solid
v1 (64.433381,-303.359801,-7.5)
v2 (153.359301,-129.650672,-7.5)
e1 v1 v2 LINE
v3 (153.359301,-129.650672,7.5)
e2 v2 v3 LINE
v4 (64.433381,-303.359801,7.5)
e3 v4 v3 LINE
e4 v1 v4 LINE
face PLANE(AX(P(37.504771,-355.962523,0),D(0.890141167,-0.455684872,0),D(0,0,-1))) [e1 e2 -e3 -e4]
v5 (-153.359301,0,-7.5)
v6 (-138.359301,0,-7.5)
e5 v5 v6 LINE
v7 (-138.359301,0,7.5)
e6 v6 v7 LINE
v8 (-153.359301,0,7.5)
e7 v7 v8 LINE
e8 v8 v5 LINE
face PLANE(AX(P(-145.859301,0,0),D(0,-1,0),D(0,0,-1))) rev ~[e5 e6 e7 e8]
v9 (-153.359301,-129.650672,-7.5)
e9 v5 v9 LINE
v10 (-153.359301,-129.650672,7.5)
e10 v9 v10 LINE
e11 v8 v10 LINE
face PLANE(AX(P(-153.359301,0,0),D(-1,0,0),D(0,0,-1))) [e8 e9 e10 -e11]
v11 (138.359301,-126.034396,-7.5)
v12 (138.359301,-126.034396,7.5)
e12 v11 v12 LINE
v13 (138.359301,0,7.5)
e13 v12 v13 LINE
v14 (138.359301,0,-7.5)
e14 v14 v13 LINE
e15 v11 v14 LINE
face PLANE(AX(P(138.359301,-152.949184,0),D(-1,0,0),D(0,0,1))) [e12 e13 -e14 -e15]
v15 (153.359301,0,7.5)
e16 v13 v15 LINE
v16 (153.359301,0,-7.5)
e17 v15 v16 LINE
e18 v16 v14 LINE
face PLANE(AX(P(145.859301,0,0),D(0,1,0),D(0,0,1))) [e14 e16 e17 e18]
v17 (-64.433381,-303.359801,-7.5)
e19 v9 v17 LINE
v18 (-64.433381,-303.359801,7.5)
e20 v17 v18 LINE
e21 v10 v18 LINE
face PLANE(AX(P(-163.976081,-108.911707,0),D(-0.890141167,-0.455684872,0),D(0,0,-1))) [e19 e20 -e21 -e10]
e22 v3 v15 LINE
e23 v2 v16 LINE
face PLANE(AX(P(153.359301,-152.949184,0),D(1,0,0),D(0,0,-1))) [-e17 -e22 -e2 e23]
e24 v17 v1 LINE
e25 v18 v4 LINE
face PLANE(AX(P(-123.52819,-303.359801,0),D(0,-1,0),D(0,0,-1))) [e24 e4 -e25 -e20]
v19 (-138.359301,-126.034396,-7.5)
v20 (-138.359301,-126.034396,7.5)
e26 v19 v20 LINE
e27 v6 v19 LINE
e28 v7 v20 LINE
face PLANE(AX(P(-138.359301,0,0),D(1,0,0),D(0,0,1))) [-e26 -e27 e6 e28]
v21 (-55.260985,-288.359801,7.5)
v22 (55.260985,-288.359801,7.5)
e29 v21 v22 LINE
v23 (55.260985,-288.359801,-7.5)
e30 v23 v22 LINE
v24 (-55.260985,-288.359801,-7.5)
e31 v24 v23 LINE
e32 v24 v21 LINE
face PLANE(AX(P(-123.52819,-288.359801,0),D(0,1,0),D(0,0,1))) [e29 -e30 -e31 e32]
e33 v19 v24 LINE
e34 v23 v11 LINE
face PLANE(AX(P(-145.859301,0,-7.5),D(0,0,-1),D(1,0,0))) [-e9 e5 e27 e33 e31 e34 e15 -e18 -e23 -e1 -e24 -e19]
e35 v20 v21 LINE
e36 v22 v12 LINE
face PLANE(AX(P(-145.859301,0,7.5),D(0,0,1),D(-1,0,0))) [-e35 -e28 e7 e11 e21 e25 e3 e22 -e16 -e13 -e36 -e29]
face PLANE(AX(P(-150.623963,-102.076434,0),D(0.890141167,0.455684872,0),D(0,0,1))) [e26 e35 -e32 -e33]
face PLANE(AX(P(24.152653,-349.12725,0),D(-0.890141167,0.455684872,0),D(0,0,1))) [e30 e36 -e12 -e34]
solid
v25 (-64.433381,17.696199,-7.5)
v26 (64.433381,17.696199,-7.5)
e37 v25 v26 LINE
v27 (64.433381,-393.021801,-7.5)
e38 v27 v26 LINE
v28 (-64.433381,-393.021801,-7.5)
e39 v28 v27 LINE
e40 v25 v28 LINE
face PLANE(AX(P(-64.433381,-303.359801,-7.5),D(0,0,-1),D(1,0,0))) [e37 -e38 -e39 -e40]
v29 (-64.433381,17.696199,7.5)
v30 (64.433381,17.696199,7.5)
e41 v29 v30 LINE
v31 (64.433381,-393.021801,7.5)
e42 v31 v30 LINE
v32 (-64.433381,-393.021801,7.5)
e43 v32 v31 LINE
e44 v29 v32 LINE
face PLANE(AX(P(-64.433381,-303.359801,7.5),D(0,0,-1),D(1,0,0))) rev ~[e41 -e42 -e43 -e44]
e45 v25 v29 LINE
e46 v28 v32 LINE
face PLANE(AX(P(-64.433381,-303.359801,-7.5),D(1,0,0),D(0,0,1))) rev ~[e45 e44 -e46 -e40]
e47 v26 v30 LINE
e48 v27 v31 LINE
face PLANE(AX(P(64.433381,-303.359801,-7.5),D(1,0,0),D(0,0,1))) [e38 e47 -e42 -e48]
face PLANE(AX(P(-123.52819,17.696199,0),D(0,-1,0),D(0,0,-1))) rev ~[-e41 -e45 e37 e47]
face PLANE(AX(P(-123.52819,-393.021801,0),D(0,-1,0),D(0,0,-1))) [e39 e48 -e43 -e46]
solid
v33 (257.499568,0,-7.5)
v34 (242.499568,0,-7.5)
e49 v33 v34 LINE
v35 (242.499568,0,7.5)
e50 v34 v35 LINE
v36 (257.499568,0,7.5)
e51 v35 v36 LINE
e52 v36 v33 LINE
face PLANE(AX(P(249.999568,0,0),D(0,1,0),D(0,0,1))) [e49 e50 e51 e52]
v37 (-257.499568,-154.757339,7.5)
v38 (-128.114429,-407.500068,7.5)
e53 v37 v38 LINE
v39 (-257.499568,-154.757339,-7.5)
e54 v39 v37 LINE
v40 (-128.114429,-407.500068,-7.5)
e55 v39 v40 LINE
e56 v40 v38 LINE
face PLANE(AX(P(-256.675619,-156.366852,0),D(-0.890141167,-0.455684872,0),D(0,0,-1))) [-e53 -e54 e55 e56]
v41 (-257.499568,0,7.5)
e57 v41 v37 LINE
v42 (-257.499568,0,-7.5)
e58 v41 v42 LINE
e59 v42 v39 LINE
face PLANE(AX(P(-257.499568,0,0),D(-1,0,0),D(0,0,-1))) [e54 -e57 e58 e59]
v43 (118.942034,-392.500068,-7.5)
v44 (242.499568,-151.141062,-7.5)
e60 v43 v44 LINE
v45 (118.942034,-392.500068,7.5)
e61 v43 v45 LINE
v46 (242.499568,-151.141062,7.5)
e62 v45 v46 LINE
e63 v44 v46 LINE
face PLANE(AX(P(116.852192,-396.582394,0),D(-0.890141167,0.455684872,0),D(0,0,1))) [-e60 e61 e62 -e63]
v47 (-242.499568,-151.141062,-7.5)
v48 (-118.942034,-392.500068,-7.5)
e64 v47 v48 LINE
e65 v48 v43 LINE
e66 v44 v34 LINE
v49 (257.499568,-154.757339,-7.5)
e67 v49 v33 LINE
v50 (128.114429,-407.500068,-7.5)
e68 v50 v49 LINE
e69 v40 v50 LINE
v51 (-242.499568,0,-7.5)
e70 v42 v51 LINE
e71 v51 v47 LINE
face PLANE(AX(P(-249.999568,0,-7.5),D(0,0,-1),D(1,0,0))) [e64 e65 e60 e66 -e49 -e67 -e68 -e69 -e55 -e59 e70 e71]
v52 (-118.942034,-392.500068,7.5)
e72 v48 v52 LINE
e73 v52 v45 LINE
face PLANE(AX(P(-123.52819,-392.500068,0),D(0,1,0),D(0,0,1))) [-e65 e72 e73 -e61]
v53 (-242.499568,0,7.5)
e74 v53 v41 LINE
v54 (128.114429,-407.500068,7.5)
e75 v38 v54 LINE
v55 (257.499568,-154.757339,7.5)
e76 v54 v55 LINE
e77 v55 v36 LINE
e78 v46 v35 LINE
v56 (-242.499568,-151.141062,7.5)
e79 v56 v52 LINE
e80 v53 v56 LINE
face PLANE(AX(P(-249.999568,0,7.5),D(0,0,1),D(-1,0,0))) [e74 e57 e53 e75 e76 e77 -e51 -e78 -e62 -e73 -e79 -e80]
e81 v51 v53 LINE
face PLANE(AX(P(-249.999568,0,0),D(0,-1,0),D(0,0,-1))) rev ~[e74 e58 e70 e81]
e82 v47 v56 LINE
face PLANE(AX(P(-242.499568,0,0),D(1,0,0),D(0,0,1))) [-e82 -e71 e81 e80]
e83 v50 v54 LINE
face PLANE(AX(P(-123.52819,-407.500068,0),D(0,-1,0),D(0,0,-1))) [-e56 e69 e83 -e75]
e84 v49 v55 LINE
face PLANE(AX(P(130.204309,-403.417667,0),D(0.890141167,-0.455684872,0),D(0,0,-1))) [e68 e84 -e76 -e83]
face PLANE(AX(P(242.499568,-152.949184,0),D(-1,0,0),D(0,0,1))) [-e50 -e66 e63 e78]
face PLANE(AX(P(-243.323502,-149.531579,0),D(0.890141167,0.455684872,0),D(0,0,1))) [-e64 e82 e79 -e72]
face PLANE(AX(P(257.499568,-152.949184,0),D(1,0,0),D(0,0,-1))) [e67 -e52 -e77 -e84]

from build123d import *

# Parameters (mm, degrees)
F1_W          = 15
F1_H          = 15
F3_DEPTH      = 89.662
F3_DEPTH_BACK = 321.056


with BuildPart() as f2:
    # F2: sweep along a path in F0
    with BuildLine(Plane.XY) as f2_path:
        Line((-249.9995, 0), (-249.9995, -152.9491841793))
        Line((-249.9995, -152.9491841793), (-123.5281899571, -400))
        Line((-123.5281899571, -400), (0, -400))
        Line((0, -400), (123.5281899571, -400))
        Line((123.5281899571, -400), (249.9995, -152.9491841793))
        Line((249.9995, -152.9491841793), (249.9995, 0))
    # F1 (on Front) → F2 (sweep)
    with BuildSketch(Plane.XZ):
        with Locations((-249.9995678663, 0)):
            Rectangle(F1_W, F1_H)
        with Locations((-145.8593010902, 0)):
            Rectangle(F1_W, F1_H)
    sweep(path=f2_path.line, transition=Transition.RIGHT)


with BuildPart() as f3:
    # F3 (new, two sides): a face of the model
    f3_faces = [f2.part.faces().sort_by_distance(p)[0] for p in [
        (0, -303.3598010902, 0),
    ]]
    extrude(f3_faces, amount=F3_DEPTH)
    extrude(f3_faces, amount=-F3_DEPTH_BACK)


solid = Compound([f2.part, f3.part])
